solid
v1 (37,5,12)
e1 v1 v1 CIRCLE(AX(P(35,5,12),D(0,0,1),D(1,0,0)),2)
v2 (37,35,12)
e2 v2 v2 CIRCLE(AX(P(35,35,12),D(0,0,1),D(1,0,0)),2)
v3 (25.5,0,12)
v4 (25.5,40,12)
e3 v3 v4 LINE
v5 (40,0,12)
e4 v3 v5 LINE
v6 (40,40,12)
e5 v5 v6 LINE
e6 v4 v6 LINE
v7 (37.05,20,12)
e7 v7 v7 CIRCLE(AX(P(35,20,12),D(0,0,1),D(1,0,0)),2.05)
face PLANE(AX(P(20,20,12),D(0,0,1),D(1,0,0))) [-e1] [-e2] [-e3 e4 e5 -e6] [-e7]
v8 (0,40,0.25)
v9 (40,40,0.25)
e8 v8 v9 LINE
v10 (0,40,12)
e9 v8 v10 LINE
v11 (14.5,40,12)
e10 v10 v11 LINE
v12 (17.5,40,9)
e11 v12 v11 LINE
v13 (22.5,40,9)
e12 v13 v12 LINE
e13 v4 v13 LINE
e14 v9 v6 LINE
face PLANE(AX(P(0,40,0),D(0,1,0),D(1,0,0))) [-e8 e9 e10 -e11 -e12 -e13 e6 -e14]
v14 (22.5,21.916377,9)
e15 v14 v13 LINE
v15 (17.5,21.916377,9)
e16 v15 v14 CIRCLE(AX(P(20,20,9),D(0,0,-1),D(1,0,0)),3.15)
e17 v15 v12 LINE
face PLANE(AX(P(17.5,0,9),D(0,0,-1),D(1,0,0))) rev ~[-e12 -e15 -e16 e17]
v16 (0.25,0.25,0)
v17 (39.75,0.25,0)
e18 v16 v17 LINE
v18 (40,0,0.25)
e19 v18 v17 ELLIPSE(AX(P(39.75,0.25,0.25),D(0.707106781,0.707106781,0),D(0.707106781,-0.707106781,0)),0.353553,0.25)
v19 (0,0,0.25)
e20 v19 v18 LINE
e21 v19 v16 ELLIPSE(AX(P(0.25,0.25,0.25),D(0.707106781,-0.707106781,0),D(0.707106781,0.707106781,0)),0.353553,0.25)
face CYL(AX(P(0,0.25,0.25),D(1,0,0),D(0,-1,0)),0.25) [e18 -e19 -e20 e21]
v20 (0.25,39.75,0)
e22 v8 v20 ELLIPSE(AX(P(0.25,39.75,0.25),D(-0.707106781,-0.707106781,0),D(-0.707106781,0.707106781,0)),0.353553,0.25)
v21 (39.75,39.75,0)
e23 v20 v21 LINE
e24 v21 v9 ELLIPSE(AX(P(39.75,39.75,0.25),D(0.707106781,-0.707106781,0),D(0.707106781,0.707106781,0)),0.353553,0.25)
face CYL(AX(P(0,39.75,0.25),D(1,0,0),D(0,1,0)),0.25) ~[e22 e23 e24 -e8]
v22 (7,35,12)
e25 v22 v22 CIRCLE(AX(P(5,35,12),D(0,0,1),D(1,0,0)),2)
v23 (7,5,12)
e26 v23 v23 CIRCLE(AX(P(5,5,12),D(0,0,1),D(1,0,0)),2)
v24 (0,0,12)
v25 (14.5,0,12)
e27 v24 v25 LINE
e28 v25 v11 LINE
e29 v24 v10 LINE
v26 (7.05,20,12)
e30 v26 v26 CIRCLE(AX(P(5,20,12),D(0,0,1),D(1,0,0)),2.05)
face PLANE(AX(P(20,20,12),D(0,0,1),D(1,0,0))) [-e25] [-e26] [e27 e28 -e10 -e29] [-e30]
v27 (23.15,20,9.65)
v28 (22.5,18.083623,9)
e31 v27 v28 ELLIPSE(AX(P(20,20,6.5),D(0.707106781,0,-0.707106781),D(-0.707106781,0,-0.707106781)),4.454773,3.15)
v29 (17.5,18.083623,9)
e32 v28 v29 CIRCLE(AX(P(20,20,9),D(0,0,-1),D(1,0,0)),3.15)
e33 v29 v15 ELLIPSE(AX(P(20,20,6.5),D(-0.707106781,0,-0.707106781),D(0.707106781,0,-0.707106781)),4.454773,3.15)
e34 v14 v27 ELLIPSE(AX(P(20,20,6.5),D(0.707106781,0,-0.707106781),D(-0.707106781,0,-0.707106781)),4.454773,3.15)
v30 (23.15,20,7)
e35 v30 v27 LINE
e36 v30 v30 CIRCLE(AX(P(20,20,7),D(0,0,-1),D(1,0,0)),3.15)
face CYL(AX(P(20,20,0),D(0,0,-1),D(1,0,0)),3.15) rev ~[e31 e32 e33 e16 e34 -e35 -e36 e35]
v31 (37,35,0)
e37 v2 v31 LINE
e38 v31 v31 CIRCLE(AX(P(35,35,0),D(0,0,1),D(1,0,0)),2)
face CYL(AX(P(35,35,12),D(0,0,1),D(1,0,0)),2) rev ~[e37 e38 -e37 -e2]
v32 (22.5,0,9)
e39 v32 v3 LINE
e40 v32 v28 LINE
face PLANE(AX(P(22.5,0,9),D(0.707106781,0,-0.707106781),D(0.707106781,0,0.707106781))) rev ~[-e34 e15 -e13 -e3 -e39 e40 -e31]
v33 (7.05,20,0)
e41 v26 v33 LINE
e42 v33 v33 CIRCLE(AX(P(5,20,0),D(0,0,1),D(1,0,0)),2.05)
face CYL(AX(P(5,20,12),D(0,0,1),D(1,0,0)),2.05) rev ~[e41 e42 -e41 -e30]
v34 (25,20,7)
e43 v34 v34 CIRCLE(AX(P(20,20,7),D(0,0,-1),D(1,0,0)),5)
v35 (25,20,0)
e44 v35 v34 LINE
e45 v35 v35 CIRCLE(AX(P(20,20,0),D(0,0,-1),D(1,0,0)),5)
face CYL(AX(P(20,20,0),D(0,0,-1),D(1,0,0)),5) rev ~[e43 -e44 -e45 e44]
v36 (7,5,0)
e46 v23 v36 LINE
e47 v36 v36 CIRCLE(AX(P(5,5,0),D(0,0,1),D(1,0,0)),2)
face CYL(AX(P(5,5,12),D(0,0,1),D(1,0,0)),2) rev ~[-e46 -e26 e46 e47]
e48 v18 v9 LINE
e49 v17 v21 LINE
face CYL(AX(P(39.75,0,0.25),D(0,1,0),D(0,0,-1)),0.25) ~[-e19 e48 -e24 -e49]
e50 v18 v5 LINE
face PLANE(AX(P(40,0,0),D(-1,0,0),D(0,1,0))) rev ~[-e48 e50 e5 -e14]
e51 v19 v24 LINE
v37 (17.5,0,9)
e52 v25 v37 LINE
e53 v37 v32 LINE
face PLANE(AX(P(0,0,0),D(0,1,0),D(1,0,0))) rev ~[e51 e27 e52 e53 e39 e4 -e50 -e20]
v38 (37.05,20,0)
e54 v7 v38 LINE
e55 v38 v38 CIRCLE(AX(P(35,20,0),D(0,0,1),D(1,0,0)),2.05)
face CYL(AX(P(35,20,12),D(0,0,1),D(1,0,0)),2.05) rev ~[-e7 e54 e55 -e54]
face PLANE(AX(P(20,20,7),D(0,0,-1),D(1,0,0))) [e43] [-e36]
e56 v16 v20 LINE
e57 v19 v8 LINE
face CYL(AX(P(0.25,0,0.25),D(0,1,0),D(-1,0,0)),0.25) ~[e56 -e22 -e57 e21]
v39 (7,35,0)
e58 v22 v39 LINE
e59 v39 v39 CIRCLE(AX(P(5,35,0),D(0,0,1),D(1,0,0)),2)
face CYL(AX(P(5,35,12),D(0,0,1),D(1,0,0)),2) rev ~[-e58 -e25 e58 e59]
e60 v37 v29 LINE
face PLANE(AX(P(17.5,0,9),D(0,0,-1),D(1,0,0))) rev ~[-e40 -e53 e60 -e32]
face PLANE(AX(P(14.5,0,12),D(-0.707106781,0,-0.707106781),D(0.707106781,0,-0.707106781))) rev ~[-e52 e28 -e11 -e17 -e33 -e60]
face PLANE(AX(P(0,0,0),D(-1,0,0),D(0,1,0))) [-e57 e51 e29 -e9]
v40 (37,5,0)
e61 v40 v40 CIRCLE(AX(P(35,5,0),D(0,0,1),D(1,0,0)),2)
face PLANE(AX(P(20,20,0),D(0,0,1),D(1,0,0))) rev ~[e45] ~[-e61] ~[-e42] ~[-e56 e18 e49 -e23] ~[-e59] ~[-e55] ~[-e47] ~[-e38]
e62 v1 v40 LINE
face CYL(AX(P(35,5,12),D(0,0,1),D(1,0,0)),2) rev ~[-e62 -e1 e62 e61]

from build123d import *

# Parameters (mm, degrees)
F0_W      = 40
F0_H      = 40
F1_DEPTH  = 12
F3_DEPTH  = 40.001
F4_R      = 2
F5_DEPTH  = 12.001
F6_R      = 2.05
F7_DEPTH  = 12.001
F8_R      = 0.25
F9_R      = 3.15
F10_DEPTH = 12.001
F11_R     = 5
F12_DEPTH = 7


with BuildPart() as f1:
    # F0 (on Top) → F1 (new body)
    with BuildSketch(Plane.XY):
        with Locations((20, 20)):
            Rectangle(F0_W, F0_H)
    extrude(amount=F1_DEPTH)

    # F2 (on face) → F3 (cut, through all)
    with BuildSketch(Plane.XZ):
        Polygon((14.5, 12), (17.5, 9), (22.5, 9), (25.5, 12), align=None)
    extrude(amount=-F3_DEPTH, mode=Mode.SUBTRACT)

    # F4 (on face) → F5 (cut, through all)
    with BuildSketch(Plane.XY.offset(12)):
        with Locations((5, 5)):
            Circle(F4_R)
        with Locations((5, 35)):
            Circle(F4_R)
        with Locations((35, 5)):
            Circle(F4_R)
        with Locations((35, 35)):
            Circle(F4_R)
    extrude(amount=-F5_DEPTH, mode=Mode.SUBTRACT)

    # F6 (on face) → F7 (cut, through all)
    with BuildSketch(Plane.XY.offset(12)):
        with Locations((5, 20)):
            Circle(F6_R)
        with Locations((35, 20)):
            Circle(F6_R)
    extrude(amount=-F7_DEPTH, mode=Mode.SUBTRACT)

    # F8
    f8_edges = [f1.edges().sort_by_distance(p)[0] for p in [
        (20, 0, 0),
        (0, 20, 0),
        (40, 20, 0),
        (20, 40, 0),
    ]]
    fillet(f8_edges, radius=F8_R)

    # F9 (on face) → F10 (cut, through all)
    with BuildSketch(Plane(origin=(0, 0, 0), x_dir=(1, 0, 0), z_dir=(0, 0, -1))):
        with Locations((20, -20)):
            Circle(F9_R)
    extrude(amount=-F10_DEPTH, mode=Mode.SUBTRACT)

    # F11 (on face) → F12 (cut)
    with BuildSketch(Plane(origin=(0, 0, 0), x_dir=(1, 0, 0), z_dir=(0, 0, -1))):
        with Locations((20, -20)):
            Circle(F11_R)
    extrude(amount=-F12_DEPTH, mode=Mode.SUBTRACT)


solid = f1.part
